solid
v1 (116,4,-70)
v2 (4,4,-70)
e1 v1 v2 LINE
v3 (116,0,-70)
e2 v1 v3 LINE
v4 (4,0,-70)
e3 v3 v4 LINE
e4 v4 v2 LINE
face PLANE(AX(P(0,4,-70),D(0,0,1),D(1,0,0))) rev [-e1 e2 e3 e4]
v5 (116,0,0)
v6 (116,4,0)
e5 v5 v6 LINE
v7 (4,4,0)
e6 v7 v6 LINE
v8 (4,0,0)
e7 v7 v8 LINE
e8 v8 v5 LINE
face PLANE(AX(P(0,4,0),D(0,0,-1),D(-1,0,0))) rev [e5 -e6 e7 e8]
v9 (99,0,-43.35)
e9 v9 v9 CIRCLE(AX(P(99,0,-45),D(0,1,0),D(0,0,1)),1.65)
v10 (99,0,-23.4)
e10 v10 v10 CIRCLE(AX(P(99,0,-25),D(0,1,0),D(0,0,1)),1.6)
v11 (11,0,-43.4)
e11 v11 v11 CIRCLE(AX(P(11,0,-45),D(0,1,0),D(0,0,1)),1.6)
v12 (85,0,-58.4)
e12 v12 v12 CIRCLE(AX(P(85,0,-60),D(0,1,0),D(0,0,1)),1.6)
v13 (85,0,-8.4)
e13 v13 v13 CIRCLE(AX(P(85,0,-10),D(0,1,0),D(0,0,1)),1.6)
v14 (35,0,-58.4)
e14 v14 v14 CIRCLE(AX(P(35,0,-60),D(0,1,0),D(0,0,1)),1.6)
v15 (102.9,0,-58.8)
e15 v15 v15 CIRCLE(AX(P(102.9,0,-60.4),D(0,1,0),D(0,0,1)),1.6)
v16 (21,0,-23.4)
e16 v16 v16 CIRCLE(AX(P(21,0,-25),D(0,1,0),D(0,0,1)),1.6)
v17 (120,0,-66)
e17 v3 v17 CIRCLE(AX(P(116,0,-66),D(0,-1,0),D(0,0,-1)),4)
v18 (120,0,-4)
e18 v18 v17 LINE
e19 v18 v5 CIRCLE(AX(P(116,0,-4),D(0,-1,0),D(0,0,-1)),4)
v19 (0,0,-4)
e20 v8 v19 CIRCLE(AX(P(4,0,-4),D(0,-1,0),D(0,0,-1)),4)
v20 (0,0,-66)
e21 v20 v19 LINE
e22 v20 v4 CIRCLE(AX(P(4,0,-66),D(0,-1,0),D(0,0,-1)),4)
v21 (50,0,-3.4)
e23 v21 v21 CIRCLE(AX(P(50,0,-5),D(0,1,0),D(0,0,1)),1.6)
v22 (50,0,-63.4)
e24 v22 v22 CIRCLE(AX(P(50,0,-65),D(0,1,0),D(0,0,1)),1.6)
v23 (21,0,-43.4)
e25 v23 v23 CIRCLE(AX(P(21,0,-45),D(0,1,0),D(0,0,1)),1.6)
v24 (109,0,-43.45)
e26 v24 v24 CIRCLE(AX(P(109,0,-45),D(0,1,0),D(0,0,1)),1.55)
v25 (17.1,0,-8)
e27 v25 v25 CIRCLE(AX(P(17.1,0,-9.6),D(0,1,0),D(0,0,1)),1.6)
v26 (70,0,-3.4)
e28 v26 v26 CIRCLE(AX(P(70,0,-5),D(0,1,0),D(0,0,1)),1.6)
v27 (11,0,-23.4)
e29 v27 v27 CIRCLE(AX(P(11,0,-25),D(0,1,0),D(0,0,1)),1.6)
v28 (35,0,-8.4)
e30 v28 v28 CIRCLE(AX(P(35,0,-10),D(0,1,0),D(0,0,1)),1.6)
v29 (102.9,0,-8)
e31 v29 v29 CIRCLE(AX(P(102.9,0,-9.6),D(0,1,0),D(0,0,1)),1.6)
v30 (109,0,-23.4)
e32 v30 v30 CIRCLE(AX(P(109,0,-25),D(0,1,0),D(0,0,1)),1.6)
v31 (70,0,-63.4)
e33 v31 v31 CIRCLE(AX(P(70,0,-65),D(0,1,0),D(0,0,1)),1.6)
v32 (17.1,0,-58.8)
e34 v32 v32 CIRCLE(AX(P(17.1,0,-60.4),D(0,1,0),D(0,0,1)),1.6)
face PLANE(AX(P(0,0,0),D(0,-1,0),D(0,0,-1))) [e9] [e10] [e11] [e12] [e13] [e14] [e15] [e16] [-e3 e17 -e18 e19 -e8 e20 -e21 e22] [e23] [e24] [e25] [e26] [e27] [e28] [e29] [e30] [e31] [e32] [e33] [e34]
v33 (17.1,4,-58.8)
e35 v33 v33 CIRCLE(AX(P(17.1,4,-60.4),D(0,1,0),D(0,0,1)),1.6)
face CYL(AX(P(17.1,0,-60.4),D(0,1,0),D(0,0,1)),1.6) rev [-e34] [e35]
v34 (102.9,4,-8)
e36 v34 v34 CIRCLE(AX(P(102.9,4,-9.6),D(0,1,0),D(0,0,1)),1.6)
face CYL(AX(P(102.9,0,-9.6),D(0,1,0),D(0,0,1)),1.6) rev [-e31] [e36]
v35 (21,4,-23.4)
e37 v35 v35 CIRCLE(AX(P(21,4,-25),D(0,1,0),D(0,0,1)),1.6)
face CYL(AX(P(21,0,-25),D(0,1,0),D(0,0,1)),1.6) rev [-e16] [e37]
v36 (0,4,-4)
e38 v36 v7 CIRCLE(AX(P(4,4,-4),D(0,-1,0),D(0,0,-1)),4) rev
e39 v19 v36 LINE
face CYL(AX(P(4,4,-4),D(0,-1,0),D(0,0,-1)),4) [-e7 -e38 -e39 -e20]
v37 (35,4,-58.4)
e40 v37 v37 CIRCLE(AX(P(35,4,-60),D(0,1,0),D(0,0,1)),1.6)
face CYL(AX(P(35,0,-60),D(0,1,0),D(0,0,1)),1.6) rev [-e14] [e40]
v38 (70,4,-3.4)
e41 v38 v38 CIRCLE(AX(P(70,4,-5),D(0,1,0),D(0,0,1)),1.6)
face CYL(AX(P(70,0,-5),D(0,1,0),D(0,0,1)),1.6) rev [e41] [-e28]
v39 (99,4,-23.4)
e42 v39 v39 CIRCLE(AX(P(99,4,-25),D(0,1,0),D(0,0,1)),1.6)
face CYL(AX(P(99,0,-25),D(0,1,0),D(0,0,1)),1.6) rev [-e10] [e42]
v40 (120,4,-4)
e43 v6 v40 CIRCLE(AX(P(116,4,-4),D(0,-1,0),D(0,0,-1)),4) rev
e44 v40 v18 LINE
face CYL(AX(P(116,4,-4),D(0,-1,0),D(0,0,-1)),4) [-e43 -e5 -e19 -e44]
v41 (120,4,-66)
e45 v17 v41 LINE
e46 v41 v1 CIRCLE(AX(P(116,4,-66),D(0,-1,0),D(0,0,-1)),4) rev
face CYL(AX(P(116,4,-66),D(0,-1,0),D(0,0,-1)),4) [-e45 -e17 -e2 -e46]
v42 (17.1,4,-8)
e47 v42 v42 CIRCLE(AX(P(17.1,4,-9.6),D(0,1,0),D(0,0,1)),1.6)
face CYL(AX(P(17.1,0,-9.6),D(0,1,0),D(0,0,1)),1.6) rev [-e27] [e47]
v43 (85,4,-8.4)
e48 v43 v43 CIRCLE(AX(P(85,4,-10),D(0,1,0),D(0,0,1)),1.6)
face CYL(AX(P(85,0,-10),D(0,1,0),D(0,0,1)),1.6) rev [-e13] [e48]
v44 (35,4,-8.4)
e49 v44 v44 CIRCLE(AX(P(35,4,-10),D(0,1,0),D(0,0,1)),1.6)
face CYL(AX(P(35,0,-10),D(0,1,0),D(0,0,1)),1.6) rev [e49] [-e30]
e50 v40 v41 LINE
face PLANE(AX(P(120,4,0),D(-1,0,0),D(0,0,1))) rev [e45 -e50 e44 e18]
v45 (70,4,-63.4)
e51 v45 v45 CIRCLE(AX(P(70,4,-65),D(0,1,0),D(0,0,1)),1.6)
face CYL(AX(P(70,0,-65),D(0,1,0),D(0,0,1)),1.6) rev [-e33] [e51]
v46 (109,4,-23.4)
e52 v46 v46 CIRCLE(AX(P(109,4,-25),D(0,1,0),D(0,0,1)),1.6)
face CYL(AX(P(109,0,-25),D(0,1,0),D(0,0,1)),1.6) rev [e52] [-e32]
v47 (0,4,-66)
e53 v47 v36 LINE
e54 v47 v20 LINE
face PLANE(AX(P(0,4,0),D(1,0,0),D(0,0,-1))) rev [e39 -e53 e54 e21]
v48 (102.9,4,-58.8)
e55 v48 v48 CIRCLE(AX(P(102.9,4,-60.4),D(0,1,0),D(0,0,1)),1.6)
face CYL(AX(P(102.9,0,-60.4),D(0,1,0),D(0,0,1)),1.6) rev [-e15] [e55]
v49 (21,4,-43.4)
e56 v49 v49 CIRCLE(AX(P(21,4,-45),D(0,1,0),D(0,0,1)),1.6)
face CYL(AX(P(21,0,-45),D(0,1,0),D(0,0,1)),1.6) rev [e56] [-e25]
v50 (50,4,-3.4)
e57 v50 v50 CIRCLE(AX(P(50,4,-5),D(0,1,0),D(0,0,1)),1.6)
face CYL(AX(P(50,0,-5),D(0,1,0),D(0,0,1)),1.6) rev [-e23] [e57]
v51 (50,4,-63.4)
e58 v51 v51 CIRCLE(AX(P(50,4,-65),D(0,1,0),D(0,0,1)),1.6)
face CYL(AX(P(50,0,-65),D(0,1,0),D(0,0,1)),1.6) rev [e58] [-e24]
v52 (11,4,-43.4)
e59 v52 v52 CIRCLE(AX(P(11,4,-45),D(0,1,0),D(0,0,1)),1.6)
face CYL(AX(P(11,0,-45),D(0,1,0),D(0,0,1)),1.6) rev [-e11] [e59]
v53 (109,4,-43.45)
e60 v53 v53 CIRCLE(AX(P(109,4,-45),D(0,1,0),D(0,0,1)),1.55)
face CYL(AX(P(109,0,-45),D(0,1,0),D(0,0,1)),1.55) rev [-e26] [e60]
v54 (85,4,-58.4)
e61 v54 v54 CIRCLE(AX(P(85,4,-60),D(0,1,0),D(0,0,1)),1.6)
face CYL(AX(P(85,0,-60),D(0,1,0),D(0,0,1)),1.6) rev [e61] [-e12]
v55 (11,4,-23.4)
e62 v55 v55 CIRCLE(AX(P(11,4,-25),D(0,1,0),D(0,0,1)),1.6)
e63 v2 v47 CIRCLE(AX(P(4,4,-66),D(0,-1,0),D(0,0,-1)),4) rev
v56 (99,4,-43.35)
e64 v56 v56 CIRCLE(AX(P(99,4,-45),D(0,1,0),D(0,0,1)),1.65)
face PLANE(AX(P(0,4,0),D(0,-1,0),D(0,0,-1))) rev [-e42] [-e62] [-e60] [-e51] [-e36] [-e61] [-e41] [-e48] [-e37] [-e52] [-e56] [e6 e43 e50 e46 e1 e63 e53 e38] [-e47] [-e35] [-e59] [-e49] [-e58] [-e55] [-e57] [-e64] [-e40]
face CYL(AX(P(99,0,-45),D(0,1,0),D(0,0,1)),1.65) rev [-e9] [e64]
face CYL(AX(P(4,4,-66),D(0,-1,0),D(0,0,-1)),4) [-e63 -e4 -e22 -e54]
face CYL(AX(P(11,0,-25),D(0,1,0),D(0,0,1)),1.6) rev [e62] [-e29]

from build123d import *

# Parameters (mm, degrees)
SKETCH_1_W          = 120
SKETCH_1_H          = 70
EXTRUDE_1_DEPTH     = 4
SKETCH_2_R          = 1.6
SKETCH_2_R_2        = 1.55
SKETCH_2_R_3        = 1.65
CUT_EXTRUDE_1_DEPTH = 4
SKETCH_3_R          = 1.6
CUT_EXTRUDE_2_DEPTH = 4
FILLET_1_R          = 4


with BuildPart() as part:
    # 草图1 → 凸台-拉伸1 (new body)
    with BuildSketch(Plane(origin=(0, 0, 0), x_dir=(1, 0, 0), z_dir=(0, 1, 0))):
        with Locations((60, 35)):
            Rectangle(SKETCH_1_W, SKETCH_1_H)
    extrude(amount=EXTRUDE_1_DEPTH)

    # 草图2 → 切除-拉伸1 (cut)
    with BuildSketch(Plane(origin=(0, 4, 0), x_dir=(1, 0, 0), z_dir=(0, 1, 0))):
        with Locations(Location((11, 45, 0), (0, 0, 270))):
            Circle(SKETCH_2_R)
        with Locations(Location((21, 45, 0), (0, 0, 270))):
            Circle(SKETCH_2_R)
        with Locations(Location((21, 25, 0), (0, 0, 270))):
            Circle(SKETCH_2_R)
        with Locations(Location((11, 25, 0), (0, 0, 270))):
            Circle(SKETCH_2_R)
        with Locations(Location((109, 45, 0), (0, 0, 270))):
            Circle(SKETCH_2_R_2)
        with Locations(Location((99, 45, 0), (0, 0, 270))):
            Circle(SKETCH_2_R_3)
        with Locations(Location((109, 25, 0), (0, 0, 270))):
            Circle(SKETCH_2_R)
        with Locations(Location((99, 25, 0), (0, 0, 270))):
            Circle(SKETCH_2_R)
        with Locations(Location((102.9, 9.6, 0), (0, 0, 270))):
            Circle(SKETCH_2_R)
        with Locations(Location((17.1, 9.6, 0), (0, 0, 270))):
            Circle(SKETCH_2_R)
        with Locations(Location((17.1, 60.4, 0), (0, 0, 270))):
            Circle(SKETCH_2_R)
        with Locations(Location((102.9, 60.4, 0), (0, 0, 270))):
            Circle(SKETCH_2_R)
        with Locations(Location((85, 60, 0), (0, 0, 270))):
            Circle(SKETCH_2_R)
        with Locations(Location((85, 10, 0), (0, 0, 270))):
            Circle(SKETCH_2_R)
        with Locations(Location((35, 10, 0), (0, 0, 270))):
            Circle(SKETCH_2_R)
        with Locations(Location((35, 60, 0), (0, 0, 270))):
            Circle(SKETCH_2_R)
    extrude(amount=-CUT_EXTRUDE_1_DEPTH, mode=Mode.SUBTRACT)

    # 草图3 → 切除-拉伸2 (cut)
    with BuildSketch(Plane(origin=(0, 4, 0), x_dir=(1, 0, 0), z_dir=(0, 1, 0))):
        with Locations(Location((50, 5, 0), (0, 0, 270))):
            Circle(SKETCH_3_R)
        with Locations(Location((70, 5, 0), (0, 0, 270))):
            Circle(SKETCH_3_R)
        with Locations(Location((50, 65, 0), (0, 0, 270))):
            Circle(SKETCH_3_R)
        with Locations(Location((70, 65, 0), (0, 0, 270))):
            Circle(SKETCH_3_R)
    extrude(amount=-CUT_EXTRUDE_2_DEPTH, mode=Mode.SUBTRACT)

    # 圆角1
    fillet_1_edges = [part.edges().sort_by_distance(p)[0] for p in [
        (0, 2, -70),
        (120, 2, -70),
        (120, 2, 0),
        (0, 2, 0),
    ]]
    fillet(fillet_1_edges, radius=FILLET_1_R)


solid = part.part
